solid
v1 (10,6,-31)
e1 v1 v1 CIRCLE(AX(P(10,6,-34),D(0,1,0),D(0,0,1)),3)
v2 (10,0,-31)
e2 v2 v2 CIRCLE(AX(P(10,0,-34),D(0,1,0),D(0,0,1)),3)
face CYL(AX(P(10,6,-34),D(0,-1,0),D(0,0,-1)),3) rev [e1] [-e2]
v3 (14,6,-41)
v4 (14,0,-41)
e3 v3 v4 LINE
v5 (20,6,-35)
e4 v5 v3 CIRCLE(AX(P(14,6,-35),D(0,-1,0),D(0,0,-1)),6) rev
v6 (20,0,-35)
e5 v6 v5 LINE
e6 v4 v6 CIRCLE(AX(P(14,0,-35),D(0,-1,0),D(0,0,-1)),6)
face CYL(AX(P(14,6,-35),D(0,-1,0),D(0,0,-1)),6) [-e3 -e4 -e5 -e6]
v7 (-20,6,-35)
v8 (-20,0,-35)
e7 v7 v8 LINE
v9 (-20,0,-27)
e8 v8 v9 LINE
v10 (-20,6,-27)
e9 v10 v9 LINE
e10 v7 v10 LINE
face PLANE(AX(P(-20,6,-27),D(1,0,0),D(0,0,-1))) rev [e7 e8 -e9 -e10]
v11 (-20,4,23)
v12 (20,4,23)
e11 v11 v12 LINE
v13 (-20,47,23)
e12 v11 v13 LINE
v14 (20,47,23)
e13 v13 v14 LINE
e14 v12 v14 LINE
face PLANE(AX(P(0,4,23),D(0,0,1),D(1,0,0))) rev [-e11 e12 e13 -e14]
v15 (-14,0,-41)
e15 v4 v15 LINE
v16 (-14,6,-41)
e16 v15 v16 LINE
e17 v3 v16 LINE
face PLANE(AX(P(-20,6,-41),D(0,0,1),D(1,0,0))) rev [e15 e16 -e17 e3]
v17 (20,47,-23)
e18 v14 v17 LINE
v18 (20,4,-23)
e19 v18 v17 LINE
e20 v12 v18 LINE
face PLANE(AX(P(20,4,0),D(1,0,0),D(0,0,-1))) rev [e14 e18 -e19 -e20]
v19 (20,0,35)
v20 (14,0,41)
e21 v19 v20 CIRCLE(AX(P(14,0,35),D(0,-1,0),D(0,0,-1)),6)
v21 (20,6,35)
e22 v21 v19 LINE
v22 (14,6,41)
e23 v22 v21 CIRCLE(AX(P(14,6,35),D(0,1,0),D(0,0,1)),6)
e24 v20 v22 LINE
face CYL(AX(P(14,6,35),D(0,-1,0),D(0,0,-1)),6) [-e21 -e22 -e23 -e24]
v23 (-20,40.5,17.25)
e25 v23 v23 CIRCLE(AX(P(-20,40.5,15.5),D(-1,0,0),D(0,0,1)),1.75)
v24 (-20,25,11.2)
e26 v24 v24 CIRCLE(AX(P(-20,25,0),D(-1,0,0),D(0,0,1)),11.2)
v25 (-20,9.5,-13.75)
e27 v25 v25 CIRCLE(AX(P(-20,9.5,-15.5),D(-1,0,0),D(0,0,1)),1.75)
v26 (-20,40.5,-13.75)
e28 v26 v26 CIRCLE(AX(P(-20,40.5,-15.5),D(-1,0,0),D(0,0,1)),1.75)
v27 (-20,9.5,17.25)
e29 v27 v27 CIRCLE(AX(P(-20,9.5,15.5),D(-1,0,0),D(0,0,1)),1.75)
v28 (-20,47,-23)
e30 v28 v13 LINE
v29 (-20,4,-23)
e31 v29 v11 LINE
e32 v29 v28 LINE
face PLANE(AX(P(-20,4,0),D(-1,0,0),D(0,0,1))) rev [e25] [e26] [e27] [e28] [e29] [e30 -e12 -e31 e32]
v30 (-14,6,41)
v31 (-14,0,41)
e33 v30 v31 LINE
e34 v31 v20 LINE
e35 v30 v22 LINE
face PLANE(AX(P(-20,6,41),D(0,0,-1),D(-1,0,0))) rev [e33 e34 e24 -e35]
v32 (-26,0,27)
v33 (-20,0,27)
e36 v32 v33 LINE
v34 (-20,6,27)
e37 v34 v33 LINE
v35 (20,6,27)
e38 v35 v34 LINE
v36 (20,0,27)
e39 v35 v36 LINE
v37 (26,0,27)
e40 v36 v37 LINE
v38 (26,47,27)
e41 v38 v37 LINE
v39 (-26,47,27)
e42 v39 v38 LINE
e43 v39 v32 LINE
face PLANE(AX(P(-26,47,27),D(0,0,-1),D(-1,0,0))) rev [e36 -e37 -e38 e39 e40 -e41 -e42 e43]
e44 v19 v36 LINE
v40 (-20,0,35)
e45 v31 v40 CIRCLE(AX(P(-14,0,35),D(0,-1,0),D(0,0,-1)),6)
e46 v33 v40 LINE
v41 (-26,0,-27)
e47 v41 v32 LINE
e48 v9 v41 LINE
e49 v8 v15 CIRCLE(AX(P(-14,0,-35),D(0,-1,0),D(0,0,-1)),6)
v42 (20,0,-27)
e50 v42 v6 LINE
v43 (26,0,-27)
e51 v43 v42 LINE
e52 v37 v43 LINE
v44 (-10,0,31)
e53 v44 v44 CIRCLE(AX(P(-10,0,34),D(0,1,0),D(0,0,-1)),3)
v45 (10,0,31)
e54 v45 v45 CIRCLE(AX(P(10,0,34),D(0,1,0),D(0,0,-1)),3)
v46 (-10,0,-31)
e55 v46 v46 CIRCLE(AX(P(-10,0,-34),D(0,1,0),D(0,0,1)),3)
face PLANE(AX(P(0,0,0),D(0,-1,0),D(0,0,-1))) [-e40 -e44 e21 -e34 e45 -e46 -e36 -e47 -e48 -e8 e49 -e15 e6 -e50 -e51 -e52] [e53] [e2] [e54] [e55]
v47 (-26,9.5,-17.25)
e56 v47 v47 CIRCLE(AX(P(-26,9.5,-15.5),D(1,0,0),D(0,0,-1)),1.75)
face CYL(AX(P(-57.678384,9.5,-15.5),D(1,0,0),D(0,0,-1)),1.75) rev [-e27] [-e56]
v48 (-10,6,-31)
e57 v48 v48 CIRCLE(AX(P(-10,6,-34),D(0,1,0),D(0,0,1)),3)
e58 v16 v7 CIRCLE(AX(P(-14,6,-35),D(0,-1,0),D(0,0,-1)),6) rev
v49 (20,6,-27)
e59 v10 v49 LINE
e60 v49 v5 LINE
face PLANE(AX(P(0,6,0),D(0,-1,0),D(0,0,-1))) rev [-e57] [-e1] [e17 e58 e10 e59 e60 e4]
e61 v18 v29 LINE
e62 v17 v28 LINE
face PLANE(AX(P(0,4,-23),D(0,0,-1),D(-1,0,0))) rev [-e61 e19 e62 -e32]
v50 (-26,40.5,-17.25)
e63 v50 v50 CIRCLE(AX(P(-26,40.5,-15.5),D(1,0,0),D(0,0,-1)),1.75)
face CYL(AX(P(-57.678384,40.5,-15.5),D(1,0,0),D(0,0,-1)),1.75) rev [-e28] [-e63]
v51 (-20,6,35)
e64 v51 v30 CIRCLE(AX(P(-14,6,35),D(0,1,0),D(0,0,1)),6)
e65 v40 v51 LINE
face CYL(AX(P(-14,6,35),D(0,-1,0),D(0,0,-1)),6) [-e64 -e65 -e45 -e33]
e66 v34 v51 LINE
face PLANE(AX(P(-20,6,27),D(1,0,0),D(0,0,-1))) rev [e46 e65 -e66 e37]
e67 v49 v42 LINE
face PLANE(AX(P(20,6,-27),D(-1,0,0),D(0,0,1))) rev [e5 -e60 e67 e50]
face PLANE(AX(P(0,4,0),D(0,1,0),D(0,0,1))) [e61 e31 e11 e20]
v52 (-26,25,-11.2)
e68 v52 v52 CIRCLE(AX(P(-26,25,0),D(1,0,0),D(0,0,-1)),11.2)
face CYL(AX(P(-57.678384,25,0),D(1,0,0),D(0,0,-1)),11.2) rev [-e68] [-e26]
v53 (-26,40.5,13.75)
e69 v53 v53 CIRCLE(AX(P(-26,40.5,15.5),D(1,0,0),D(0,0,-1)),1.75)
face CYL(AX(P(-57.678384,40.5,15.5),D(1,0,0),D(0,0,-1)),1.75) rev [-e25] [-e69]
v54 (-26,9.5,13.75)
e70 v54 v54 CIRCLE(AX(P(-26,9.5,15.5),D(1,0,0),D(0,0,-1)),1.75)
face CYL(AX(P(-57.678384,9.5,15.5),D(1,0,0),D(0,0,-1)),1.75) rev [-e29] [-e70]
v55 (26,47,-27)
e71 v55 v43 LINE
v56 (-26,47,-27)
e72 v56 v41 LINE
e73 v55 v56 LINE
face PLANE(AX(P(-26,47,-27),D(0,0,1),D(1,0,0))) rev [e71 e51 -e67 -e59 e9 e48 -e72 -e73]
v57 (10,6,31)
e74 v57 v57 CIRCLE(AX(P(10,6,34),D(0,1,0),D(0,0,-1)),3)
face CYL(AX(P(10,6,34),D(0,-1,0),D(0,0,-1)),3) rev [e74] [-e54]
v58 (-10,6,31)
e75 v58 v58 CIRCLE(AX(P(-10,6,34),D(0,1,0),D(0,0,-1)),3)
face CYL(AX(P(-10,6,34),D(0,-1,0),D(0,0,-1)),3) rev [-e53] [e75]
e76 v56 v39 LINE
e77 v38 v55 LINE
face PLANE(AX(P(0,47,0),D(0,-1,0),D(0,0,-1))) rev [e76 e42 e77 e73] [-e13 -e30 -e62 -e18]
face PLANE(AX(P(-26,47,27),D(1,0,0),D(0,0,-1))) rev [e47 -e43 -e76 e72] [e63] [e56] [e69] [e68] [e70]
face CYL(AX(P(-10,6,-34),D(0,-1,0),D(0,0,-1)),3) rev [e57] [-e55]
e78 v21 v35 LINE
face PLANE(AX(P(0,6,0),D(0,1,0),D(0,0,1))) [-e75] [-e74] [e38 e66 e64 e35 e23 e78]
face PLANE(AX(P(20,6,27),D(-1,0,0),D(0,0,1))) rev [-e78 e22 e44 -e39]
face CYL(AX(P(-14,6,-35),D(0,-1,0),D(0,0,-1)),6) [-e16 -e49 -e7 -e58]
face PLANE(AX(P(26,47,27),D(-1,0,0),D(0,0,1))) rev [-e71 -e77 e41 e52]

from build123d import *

# Parameters (mm, degrees)
SKETCH_1_W          = 52
SKETCH_1_H          = 54
EXTRUDE_1_DEPTH     = 47
CUT_EXTRUDE_START   = 47
SKETCH_2_W          = 40
SKETCH_2_H          = 46
CUT_EXTRUDE_1_DEPTH = 43
CUT_EXTRUDE_START_2 = -20
SKETCH_4_R          = 11.2
SKETCH_4_R_2        = 1.75
CUT_EXTRUDE_3_DEPTH = 6
SKETCH_5_W          = 40
SKETCH_5_H          = 14
SKETCH_5_R          = 3
EXTRUDE_2_DEPTH     = 6
FILLET_1_R          = 6


with BuildPart() as part:
    # 草图1 → 凸台-拉伸1 (new body)
    with BuildSketch(Plane(origin=(0, 0, 0), x_dir=(1, 0, 0), z_dir=(0, 1, 0))):
        Rectangle(SKETCH_1_W, SKETCH_1_H)
    extrude(amount=EXTRUDE_1_DEPTH)

    # 草图2 → 切除-拉伸1 (cut)
    with BuildSketch(Plane(origin=(0, 0, 0), x_dir=(1, 0, 0), z_dir=(0, 1, 0)).offset(CUT_EXTRUDE_START)):
        Rectangle(SKETCH_2_W, SKETCH_2_H)
    extrude(amount=-CUT_EXTRUDE_1_DEPTH, mode=Mode.SUBTRACT)

    # 草图4 → 切除-拉伸3 (cut)
    with BuildSketch(Plane(origin=(0, 0, 0), x_dir=(0, 0, -1), z_dir=(1, 0, 0)).offset(CUT_EXTRUDE_START_2)):
        with Locations((0, 25)):
            Circle(SKETCH_4_R)
        with Locations((-15.5, 40.5)):
            Circle(SKETCH_4_R_2)
        with Locations((15.5, 40.5)):
            Circle(SKETCH_4_R_2)
        with Locations((15.5, 9.5)):
            Circle(SKETCH_4_R_2)
        with Locations((-15.5, 9.5)):
            Circle(SKETCH_4_R_2)
    extrude(amount=-CUT_EXTRUDE_3_DEPTH, mode=Mode.SUBTRACT)

    # 草图5 → 凸台-拉伸2 (add)
    # profile 1 of 2: a face of its own
    with BuildSketch(Plane(origin=(0, 0, 0), x_dir=(1, 0, 0), z_dir=(0, 1, 0))):
        with Locations((0, 34)):
            Rectangle(SKETCH_5_W, SKETCH_5_H)
        with Locations(Location((-10, 34, 0), (0, 0, 270))):
            Circle(SKETCH_5_R, mode=Mode.SUBTRACT)
        with Locations(Location((10, 34, 0), (0, 0, 270))):
            Circle(SKETCH_5_R, mode=Mode.SUBTRACT)
    # profile 2 of 2: a face of its own
    with BuildSketch(Plane(origin=(0, 0, 0), x_dir=(1, 0, 0), z_dir=(0, 1, 0))):
        with Locations((0, -34)):
            Rectangle(SKETCH_5_W, SKETCH_5_H)
        with Locations(Location((10, -34, 0), (0, 0, 90))):
            Circle(SKETCH_5_R, mode=Mode.SUBTRACT)
        with Locations(Location((-10, -34, 0), (0, 0, 90))):
            Circle(SKETCH_5_R, mode=Mode.SUBTRACT)
    extrude(amount=EXTRUDE_2_DEPTH)

    # 圆角1
    fillet_1_edges = [part.edges().sort_by_distance(p)[0] for p in [
        (-20, 3, -41),
        (20, 3, -41),
        (-20, 3, 41),
        (20, 3, 41),
    ]]
    fillet(fillet_1_edges, radius=FILLET_1_R)


solid = part.part
